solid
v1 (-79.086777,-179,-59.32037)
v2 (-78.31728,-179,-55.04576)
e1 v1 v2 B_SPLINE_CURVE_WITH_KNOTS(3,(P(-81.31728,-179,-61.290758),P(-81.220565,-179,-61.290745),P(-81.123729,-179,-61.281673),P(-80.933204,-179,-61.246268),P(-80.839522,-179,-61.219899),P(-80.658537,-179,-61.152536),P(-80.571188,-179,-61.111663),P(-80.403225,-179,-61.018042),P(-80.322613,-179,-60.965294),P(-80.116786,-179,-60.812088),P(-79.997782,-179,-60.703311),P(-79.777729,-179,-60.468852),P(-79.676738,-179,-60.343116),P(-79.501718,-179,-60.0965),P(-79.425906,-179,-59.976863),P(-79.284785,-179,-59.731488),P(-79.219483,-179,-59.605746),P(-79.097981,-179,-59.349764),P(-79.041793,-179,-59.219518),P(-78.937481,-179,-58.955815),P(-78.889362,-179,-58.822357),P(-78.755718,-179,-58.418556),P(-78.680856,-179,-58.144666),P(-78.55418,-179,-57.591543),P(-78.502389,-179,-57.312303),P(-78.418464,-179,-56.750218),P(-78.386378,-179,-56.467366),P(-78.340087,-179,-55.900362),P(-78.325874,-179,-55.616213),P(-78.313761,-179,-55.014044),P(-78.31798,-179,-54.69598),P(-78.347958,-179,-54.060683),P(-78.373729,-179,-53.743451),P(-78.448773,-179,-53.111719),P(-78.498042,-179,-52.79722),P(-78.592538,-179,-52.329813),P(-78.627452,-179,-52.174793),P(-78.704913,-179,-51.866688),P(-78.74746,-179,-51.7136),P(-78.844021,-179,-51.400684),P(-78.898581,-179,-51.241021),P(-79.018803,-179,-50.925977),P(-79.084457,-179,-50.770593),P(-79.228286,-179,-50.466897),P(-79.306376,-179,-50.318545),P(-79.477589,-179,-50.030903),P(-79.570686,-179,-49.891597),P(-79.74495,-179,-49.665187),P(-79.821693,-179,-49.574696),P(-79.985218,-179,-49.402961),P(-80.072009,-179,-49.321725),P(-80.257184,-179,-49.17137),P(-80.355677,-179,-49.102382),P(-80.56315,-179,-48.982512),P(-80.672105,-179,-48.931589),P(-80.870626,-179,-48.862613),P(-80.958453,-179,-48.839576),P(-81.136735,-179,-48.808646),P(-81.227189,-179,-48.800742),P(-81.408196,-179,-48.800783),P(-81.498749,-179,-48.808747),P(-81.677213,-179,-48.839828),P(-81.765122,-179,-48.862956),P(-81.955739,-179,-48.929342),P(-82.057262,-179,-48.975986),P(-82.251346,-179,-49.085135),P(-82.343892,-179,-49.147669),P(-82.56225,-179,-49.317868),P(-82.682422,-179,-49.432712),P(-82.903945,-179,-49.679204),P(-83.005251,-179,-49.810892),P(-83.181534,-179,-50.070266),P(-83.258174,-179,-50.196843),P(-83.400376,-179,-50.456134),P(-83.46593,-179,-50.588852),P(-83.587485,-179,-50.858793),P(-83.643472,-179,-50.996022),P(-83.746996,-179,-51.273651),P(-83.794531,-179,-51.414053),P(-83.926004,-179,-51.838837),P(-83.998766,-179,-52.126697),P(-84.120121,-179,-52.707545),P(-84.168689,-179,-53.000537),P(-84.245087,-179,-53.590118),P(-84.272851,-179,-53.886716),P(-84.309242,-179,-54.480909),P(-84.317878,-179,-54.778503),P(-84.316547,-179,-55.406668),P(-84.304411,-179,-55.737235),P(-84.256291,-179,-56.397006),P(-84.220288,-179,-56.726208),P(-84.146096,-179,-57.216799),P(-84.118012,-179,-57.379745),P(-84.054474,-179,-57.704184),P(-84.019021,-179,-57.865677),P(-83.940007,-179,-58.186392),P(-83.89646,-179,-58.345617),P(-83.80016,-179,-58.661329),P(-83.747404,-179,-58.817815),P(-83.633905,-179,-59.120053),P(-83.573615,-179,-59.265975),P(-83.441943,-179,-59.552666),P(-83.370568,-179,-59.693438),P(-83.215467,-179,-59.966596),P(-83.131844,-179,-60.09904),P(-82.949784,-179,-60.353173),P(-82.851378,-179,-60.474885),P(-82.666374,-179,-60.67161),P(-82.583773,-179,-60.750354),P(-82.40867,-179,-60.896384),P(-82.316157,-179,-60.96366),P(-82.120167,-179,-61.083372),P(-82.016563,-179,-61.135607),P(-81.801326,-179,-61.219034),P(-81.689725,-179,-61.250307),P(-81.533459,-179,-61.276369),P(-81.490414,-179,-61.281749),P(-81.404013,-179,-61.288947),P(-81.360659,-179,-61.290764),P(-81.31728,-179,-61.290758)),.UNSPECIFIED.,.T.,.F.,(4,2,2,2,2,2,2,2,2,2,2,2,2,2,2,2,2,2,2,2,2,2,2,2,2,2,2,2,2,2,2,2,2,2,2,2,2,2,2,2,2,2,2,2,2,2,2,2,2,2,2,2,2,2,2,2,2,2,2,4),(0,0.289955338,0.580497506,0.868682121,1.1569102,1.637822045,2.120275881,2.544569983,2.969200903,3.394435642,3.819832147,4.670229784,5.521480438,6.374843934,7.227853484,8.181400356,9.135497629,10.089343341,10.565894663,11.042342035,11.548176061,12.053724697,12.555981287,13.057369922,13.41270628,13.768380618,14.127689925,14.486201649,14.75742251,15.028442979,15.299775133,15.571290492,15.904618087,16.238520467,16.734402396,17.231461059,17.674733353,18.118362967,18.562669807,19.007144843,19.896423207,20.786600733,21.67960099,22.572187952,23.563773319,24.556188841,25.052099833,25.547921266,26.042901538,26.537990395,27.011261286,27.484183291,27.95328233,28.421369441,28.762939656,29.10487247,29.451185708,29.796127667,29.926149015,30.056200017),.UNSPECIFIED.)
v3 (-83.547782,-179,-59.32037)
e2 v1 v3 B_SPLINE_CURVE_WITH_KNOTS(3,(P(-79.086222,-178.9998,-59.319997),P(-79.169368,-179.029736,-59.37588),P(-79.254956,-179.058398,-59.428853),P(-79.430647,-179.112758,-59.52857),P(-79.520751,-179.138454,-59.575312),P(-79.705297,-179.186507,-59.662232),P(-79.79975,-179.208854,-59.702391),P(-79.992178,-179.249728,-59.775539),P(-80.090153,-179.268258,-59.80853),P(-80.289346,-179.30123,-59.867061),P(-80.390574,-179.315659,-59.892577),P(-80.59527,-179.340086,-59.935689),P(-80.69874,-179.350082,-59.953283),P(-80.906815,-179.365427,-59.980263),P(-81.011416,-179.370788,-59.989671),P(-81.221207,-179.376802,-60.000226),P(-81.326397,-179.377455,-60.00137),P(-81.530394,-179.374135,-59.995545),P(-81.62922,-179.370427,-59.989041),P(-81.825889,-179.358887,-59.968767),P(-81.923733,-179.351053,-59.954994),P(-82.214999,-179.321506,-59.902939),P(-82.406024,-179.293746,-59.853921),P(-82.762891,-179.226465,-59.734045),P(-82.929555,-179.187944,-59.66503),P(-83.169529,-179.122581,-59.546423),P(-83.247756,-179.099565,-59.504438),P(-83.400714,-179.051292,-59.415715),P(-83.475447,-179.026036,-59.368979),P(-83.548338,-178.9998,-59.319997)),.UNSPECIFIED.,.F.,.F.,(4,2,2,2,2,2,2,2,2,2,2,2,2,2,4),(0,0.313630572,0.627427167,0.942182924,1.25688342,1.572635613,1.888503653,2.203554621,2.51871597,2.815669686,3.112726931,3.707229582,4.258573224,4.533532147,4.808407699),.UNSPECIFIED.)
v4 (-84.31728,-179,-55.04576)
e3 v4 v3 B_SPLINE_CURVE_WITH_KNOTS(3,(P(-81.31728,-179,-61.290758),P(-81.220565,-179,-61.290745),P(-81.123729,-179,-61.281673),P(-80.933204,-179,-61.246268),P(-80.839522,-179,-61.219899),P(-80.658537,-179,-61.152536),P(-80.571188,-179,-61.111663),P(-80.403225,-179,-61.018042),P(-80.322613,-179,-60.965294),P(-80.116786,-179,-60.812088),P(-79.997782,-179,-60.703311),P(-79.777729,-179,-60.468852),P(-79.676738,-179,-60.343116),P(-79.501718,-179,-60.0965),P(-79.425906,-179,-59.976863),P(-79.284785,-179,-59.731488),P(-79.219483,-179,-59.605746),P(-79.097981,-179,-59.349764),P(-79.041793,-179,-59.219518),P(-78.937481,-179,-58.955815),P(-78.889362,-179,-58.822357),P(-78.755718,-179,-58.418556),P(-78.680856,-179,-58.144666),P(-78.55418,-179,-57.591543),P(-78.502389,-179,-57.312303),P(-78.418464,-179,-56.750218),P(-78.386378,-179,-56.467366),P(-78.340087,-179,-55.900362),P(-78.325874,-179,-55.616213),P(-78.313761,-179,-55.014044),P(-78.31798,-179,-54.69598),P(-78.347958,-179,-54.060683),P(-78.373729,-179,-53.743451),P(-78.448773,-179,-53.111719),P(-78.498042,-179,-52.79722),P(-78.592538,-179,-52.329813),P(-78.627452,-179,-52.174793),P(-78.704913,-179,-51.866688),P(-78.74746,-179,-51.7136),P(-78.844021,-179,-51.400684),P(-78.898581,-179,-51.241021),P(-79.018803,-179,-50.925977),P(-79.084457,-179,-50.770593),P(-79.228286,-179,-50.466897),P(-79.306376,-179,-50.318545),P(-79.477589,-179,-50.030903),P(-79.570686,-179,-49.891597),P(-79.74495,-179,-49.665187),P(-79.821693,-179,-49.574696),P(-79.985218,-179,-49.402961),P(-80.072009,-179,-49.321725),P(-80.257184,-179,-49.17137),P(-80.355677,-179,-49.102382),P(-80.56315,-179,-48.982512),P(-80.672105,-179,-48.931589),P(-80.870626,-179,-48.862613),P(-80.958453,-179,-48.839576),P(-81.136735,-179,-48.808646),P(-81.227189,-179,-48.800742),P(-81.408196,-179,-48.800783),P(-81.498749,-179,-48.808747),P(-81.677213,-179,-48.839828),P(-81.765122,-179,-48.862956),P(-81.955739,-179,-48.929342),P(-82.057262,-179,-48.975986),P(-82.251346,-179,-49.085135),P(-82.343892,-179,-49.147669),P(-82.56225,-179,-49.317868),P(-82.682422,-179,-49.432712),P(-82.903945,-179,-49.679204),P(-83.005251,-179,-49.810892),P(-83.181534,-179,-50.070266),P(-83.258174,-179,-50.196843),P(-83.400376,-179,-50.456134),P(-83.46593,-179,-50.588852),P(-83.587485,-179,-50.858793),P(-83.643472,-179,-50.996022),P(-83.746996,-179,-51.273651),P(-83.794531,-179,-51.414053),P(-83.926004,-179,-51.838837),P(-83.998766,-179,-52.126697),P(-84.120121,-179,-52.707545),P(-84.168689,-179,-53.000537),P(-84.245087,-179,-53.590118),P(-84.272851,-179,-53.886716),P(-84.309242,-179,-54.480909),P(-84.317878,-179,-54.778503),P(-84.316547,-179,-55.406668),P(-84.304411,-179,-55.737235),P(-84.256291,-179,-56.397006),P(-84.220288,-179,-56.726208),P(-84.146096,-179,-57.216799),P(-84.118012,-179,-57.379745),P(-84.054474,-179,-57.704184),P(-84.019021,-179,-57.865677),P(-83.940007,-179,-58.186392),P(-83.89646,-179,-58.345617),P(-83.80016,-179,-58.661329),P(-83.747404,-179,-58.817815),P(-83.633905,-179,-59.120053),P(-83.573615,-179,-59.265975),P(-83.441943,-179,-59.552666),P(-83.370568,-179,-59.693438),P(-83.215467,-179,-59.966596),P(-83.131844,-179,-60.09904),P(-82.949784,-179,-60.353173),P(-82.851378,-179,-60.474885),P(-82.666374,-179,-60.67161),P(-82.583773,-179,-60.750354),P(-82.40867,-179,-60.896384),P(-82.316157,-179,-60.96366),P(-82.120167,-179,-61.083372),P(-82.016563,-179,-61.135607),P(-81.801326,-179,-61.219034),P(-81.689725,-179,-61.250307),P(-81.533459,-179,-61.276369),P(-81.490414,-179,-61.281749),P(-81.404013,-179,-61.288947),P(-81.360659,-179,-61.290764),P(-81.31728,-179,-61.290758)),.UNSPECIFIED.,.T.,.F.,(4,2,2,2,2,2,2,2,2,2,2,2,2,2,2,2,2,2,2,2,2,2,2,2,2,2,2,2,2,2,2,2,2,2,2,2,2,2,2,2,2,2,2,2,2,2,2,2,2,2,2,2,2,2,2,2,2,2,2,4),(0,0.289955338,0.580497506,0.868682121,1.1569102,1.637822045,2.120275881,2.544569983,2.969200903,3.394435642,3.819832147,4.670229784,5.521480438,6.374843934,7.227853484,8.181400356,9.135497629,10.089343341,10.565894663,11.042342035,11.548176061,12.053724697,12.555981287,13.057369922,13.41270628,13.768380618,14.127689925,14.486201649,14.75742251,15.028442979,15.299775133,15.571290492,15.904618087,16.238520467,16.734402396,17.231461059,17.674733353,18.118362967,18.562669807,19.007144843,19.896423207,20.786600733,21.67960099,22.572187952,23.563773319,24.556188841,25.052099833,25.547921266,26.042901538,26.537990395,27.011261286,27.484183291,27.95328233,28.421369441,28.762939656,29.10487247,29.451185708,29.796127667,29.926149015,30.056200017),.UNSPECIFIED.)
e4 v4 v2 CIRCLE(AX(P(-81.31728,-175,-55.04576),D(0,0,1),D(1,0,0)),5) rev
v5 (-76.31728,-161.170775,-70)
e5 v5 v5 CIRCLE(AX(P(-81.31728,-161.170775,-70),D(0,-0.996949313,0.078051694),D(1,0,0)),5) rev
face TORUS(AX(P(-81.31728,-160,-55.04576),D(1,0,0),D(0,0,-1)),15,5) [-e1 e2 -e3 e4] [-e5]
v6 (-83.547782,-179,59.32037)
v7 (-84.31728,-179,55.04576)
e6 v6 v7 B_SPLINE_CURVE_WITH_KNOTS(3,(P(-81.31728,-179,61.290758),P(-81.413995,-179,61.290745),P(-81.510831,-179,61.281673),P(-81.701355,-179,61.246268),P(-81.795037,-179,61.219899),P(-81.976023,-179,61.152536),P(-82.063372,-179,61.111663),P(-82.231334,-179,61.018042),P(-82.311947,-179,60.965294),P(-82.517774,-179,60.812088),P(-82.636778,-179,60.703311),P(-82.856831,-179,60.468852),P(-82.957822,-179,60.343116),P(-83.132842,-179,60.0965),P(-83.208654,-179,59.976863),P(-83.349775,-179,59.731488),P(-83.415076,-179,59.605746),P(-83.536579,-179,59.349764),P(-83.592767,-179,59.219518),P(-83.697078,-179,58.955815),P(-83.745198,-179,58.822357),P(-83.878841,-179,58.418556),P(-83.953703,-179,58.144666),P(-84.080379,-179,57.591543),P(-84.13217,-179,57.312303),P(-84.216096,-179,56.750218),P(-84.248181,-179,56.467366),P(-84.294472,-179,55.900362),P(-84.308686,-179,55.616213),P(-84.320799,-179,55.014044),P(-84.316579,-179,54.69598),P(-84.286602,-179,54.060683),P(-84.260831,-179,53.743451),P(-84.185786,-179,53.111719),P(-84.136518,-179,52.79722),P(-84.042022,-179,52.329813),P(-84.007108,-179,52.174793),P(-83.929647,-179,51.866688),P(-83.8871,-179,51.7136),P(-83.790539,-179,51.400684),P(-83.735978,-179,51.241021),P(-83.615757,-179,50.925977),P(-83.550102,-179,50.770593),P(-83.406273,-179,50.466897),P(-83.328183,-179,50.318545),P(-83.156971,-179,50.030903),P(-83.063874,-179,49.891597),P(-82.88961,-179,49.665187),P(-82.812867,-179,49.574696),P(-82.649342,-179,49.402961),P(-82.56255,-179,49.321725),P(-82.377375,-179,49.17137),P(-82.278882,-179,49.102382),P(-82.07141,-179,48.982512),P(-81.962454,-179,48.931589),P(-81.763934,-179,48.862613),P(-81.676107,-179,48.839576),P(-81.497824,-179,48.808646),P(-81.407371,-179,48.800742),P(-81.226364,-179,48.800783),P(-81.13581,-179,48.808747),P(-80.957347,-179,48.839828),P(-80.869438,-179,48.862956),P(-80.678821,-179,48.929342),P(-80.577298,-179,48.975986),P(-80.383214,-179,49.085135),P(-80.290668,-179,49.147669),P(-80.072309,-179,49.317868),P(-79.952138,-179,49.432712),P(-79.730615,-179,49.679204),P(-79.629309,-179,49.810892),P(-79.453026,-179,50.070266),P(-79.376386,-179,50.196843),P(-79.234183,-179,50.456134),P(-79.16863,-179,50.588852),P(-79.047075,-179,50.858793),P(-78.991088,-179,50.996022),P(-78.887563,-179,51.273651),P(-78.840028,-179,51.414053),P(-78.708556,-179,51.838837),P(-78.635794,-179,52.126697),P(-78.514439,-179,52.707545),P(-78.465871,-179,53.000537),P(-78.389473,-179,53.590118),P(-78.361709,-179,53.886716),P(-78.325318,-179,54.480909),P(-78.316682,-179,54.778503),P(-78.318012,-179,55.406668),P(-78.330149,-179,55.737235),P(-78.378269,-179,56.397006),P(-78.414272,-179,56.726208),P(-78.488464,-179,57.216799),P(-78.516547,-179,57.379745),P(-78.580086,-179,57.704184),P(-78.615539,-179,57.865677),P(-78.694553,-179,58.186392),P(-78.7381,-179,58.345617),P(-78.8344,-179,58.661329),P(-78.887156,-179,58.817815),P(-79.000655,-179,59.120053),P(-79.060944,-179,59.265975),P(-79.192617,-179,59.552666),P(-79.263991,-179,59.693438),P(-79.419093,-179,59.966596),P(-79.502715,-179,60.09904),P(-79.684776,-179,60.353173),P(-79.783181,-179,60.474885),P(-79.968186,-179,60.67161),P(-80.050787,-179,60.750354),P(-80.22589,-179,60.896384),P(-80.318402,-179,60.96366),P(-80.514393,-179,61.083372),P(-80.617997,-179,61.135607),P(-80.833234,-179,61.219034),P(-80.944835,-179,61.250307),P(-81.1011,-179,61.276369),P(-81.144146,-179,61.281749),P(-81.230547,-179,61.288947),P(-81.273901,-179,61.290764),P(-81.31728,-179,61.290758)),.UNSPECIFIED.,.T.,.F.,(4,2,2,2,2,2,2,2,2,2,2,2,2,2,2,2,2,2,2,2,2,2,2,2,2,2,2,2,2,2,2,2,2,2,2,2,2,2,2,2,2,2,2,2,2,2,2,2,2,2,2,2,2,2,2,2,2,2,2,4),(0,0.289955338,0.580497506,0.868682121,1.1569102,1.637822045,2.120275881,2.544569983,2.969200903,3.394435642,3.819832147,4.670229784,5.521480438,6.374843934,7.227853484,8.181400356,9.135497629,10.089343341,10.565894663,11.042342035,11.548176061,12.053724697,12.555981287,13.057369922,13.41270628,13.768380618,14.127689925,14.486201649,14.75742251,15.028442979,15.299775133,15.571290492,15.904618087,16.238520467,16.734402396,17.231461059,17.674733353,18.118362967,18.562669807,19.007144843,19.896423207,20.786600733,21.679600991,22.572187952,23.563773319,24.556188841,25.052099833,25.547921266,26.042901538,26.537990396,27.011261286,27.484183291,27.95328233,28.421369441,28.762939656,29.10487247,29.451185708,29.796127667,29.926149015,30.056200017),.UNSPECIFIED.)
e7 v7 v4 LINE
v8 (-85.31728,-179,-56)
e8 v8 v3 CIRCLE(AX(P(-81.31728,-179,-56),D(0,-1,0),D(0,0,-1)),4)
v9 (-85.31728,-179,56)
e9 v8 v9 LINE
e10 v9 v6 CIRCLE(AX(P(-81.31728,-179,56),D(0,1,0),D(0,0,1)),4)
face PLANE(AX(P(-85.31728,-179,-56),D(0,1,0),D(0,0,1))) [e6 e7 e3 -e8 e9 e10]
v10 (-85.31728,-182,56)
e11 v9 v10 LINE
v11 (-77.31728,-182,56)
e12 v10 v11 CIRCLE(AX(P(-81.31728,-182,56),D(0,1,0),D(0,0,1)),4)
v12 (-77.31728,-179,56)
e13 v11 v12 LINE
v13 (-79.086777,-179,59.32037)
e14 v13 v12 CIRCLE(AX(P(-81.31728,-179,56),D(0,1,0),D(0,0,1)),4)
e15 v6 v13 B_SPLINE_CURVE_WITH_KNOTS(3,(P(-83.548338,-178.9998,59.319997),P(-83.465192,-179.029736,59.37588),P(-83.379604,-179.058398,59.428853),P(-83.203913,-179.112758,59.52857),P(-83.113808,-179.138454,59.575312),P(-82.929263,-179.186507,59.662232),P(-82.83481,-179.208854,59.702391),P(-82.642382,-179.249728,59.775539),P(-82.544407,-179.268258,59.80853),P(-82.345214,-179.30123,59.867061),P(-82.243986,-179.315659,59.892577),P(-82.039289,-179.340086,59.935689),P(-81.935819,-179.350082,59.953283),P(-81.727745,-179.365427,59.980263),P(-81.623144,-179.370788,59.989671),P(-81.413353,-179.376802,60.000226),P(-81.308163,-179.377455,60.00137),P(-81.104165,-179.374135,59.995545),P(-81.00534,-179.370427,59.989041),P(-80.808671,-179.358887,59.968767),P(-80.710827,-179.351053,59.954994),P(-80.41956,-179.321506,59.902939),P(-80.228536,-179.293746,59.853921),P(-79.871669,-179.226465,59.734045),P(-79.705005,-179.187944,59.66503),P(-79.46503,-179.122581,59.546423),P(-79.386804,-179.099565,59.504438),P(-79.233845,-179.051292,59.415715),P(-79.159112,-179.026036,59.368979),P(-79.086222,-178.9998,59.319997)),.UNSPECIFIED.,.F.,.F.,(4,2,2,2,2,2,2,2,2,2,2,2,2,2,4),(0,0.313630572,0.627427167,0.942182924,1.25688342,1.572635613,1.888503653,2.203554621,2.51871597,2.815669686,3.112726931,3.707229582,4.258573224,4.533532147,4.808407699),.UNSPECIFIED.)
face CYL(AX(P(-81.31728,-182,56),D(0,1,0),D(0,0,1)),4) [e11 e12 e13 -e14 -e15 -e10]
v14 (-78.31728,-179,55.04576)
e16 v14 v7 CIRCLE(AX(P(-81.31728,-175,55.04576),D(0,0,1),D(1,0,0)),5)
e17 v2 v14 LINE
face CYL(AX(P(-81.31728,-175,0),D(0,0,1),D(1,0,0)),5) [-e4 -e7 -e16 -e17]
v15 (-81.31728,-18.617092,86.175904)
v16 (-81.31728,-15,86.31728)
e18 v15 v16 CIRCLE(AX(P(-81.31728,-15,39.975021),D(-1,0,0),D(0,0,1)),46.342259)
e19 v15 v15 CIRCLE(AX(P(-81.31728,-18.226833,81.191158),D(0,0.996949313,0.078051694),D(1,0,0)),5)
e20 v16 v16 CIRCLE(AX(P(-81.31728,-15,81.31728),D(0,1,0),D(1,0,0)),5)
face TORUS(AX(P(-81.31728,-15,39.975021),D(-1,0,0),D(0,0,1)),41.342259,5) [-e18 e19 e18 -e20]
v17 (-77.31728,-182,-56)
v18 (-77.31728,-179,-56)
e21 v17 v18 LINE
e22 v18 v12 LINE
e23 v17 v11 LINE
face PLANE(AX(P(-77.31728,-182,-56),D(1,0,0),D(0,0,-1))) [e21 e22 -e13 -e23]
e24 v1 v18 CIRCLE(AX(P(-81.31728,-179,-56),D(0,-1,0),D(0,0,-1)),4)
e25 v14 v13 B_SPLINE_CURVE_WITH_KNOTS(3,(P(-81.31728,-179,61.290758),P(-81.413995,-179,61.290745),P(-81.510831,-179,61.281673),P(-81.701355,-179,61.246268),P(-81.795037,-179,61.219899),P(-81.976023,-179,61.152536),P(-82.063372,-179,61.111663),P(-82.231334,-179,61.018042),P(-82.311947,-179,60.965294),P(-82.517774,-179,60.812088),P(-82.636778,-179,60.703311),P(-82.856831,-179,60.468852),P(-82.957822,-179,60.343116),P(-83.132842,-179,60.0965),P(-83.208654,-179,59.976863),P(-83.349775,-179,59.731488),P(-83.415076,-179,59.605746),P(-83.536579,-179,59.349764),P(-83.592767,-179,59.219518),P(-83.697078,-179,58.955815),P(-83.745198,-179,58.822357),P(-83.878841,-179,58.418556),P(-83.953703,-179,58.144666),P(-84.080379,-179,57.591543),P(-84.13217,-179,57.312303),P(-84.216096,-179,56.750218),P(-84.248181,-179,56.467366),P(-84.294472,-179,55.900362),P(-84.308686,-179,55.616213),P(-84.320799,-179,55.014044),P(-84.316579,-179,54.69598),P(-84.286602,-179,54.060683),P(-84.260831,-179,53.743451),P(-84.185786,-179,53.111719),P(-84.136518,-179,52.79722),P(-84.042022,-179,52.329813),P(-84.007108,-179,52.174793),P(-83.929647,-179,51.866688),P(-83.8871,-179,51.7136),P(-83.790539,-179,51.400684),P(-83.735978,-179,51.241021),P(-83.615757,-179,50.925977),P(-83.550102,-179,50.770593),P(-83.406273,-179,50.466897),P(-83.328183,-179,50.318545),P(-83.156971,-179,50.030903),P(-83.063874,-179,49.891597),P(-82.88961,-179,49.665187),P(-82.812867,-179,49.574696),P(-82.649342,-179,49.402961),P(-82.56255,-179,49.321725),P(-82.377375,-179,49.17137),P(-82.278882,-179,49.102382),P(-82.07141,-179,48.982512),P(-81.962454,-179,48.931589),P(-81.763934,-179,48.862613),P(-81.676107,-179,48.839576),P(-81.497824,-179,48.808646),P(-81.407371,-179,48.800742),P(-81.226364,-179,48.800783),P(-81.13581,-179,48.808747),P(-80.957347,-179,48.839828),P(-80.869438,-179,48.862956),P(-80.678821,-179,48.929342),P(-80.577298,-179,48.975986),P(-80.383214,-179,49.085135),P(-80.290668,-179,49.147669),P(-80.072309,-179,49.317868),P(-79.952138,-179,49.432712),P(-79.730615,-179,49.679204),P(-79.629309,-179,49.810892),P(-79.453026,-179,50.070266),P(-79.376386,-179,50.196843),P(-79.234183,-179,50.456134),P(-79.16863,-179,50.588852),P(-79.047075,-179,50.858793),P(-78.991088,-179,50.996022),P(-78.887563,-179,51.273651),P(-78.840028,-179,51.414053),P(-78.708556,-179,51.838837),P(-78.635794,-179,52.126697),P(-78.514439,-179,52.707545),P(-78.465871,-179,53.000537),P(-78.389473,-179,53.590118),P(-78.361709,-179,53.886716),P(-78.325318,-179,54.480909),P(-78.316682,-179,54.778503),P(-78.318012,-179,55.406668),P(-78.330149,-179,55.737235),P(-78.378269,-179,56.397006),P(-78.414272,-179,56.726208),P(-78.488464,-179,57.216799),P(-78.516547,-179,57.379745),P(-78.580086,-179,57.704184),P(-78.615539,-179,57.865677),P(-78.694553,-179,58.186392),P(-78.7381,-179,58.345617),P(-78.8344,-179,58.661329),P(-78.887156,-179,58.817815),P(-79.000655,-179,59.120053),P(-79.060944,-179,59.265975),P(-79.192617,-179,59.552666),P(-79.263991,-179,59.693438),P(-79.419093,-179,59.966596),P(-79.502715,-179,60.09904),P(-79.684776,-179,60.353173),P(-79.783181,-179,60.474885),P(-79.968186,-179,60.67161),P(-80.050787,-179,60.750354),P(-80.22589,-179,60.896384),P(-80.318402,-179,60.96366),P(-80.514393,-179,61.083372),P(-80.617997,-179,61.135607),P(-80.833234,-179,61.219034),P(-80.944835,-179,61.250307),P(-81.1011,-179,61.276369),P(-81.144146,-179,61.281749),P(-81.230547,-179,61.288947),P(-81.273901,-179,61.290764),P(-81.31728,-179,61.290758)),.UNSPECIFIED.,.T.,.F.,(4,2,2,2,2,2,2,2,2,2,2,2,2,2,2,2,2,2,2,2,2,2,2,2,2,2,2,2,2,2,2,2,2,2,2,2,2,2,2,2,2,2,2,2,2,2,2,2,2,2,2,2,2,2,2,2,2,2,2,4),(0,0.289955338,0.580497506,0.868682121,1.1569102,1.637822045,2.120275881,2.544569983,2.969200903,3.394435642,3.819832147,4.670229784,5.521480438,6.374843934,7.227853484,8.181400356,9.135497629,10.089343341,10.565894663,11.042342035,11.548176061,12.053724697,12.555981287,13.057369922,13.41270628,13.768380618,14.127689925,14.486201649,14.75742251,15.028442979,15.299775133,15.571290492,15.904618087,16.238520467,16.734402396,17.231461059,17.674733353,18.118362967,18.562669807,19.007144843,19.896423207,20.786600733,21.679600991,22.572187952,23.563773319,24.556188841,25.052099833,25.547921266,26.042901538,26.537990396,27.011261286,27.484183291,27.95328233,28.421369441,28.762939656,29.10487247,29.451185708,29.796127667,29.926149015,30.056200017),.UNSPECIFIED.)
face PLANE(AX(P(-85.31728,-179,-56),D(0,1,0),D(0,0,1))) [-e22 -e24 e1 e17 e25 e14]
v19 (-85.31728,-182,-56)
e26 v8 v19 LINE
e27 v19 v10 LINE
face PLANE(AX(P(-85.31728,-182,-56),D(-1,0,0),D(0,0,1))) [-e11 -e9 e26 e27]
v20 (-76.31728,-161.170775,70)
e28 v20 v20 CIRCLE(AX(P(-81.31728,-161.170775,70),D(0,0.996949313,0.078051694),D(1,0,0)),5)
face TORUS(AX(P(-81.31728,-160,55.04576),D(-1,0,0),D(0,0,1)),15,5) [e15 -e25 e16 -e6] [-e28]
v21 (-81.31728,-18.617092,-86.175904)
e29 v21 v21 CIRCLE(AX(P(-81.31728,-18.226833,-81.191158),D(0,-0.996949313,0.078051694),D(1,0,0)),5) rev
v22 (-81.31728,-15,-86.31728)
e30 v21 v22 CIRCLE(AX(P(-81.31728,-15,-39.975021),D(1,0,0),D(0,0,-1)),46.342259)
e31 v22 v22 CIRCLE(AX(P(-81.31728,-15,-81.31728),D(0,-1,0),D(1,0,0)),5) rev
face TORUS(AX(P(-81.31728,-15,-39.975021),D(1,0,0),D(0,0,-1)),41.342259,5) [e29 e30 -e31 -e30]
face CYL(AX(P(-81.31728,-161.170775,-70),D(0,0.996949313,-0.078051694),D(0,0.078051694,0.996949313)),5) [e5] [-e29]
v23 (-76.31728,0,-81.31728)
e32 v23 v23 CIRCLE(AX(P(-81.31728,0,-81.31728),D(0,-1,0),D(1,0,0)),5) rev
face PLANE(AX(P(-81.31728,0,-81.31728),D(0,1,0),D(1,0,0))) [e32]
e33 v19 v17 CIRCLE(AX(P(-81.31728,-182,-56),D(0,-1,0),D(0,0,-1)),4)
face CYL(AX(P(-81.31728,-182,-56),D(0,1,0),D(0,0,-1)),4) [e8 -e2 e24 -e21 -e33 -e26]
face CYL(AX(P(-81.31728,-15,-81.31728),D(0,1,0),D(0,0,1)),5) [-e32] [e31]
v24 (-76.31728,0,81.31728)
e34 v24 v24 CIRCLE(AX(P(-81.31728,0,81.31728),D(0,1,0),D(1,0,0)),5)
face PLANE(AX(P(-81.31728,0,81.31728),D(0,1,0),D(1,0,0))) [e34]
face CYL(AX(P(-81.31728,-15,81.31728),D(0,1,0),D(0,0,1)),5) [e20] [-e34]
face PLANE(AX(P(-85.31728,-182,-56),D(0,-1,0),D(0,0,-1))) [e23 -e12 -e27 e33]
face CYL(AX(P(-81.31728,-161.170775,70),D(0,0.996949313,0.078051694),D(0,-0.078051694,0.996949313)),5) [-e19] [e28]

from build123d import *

# Parameters (mm, degrees)
SKETCH4_R                = 5
BOSS_EXTRUDE2_DEPTH      = 56
BOSS_EXTRUDE2_DEPTH_BACK = 56
SKETCH5_W                = 8
SKETCH5_H                = 3
SKETCH6_W                = 4
SKETCH6_H                = 3
REVOLVE1_ANGLE           = 180


with BuildPart() as part:
    # Sweep7: sweep along a path in Sketch2
    with BuildLine(Plane(origin=(-81.317279836, 0, 0), x_dir=(0, 0, -1), z_dir=(1, 0, 0))) as sweep7_path:
        Line((0, -175), (-55.045760302, -175))
        ThreePointArc((-55.045760302, -175), (-65.230021906, -171.012756947), (-70, -161.170775411))
        Line((-70, -161.170775411), (-81.191157553, -18.226833323))
        ThreePointArc((-81.191157553, -18.226833323), (-81.285737233, -16.614648578), (-81.317279836, -15))
        Line((-81.317279836, -15), (-81.317279836, 0))
    # Sketch4 → Sweep7 (sweep)
    with BuildSketch(Plane.XY):
        with Locations((-81.317279836, -175)):
            Circle(SKETCH4_R)
    sweep7 = sweep(path=sweep7_path.line)

    # Mirror2: Sweep7 across plane
    add(sweep7.mirror(Plane.XY))

    # Sketch5 → Boss-Extrude2 (add, two sides: drawn at the far end of the back side and taken through both)
    with BuildSketch(Plane.XY.offset(-BOSS_EXTRUDE2_DEPTH_BACK)):
        with Locations((-81.317279836, -180.5)):
            Rectangle(SKETCH5_W, SKETCH5_H)
    extrude(amount=BOSS_EXTRUDE2_DEPTH + BOSS_EXTRUDE2_DEPTH_BACK)

    # Sketch6 → Revolve1 (revolve)
    with BuildSketch(Plane.XY.offset(56)):
        with Locations((-79.317279836, -180.5)):
            Rectangle(SKETCH6_W, SKETCH6_H)
    revolve1 = revolve(axis=Axis((-81.317279836, -182, 56), (0, -1, 0)), revolution_arc=REVOLVE1_ANGLE)

    # Mirror3: Revolve1 across plane
    add(revolve1.mirror(Plane.XY))


solid = part.part
